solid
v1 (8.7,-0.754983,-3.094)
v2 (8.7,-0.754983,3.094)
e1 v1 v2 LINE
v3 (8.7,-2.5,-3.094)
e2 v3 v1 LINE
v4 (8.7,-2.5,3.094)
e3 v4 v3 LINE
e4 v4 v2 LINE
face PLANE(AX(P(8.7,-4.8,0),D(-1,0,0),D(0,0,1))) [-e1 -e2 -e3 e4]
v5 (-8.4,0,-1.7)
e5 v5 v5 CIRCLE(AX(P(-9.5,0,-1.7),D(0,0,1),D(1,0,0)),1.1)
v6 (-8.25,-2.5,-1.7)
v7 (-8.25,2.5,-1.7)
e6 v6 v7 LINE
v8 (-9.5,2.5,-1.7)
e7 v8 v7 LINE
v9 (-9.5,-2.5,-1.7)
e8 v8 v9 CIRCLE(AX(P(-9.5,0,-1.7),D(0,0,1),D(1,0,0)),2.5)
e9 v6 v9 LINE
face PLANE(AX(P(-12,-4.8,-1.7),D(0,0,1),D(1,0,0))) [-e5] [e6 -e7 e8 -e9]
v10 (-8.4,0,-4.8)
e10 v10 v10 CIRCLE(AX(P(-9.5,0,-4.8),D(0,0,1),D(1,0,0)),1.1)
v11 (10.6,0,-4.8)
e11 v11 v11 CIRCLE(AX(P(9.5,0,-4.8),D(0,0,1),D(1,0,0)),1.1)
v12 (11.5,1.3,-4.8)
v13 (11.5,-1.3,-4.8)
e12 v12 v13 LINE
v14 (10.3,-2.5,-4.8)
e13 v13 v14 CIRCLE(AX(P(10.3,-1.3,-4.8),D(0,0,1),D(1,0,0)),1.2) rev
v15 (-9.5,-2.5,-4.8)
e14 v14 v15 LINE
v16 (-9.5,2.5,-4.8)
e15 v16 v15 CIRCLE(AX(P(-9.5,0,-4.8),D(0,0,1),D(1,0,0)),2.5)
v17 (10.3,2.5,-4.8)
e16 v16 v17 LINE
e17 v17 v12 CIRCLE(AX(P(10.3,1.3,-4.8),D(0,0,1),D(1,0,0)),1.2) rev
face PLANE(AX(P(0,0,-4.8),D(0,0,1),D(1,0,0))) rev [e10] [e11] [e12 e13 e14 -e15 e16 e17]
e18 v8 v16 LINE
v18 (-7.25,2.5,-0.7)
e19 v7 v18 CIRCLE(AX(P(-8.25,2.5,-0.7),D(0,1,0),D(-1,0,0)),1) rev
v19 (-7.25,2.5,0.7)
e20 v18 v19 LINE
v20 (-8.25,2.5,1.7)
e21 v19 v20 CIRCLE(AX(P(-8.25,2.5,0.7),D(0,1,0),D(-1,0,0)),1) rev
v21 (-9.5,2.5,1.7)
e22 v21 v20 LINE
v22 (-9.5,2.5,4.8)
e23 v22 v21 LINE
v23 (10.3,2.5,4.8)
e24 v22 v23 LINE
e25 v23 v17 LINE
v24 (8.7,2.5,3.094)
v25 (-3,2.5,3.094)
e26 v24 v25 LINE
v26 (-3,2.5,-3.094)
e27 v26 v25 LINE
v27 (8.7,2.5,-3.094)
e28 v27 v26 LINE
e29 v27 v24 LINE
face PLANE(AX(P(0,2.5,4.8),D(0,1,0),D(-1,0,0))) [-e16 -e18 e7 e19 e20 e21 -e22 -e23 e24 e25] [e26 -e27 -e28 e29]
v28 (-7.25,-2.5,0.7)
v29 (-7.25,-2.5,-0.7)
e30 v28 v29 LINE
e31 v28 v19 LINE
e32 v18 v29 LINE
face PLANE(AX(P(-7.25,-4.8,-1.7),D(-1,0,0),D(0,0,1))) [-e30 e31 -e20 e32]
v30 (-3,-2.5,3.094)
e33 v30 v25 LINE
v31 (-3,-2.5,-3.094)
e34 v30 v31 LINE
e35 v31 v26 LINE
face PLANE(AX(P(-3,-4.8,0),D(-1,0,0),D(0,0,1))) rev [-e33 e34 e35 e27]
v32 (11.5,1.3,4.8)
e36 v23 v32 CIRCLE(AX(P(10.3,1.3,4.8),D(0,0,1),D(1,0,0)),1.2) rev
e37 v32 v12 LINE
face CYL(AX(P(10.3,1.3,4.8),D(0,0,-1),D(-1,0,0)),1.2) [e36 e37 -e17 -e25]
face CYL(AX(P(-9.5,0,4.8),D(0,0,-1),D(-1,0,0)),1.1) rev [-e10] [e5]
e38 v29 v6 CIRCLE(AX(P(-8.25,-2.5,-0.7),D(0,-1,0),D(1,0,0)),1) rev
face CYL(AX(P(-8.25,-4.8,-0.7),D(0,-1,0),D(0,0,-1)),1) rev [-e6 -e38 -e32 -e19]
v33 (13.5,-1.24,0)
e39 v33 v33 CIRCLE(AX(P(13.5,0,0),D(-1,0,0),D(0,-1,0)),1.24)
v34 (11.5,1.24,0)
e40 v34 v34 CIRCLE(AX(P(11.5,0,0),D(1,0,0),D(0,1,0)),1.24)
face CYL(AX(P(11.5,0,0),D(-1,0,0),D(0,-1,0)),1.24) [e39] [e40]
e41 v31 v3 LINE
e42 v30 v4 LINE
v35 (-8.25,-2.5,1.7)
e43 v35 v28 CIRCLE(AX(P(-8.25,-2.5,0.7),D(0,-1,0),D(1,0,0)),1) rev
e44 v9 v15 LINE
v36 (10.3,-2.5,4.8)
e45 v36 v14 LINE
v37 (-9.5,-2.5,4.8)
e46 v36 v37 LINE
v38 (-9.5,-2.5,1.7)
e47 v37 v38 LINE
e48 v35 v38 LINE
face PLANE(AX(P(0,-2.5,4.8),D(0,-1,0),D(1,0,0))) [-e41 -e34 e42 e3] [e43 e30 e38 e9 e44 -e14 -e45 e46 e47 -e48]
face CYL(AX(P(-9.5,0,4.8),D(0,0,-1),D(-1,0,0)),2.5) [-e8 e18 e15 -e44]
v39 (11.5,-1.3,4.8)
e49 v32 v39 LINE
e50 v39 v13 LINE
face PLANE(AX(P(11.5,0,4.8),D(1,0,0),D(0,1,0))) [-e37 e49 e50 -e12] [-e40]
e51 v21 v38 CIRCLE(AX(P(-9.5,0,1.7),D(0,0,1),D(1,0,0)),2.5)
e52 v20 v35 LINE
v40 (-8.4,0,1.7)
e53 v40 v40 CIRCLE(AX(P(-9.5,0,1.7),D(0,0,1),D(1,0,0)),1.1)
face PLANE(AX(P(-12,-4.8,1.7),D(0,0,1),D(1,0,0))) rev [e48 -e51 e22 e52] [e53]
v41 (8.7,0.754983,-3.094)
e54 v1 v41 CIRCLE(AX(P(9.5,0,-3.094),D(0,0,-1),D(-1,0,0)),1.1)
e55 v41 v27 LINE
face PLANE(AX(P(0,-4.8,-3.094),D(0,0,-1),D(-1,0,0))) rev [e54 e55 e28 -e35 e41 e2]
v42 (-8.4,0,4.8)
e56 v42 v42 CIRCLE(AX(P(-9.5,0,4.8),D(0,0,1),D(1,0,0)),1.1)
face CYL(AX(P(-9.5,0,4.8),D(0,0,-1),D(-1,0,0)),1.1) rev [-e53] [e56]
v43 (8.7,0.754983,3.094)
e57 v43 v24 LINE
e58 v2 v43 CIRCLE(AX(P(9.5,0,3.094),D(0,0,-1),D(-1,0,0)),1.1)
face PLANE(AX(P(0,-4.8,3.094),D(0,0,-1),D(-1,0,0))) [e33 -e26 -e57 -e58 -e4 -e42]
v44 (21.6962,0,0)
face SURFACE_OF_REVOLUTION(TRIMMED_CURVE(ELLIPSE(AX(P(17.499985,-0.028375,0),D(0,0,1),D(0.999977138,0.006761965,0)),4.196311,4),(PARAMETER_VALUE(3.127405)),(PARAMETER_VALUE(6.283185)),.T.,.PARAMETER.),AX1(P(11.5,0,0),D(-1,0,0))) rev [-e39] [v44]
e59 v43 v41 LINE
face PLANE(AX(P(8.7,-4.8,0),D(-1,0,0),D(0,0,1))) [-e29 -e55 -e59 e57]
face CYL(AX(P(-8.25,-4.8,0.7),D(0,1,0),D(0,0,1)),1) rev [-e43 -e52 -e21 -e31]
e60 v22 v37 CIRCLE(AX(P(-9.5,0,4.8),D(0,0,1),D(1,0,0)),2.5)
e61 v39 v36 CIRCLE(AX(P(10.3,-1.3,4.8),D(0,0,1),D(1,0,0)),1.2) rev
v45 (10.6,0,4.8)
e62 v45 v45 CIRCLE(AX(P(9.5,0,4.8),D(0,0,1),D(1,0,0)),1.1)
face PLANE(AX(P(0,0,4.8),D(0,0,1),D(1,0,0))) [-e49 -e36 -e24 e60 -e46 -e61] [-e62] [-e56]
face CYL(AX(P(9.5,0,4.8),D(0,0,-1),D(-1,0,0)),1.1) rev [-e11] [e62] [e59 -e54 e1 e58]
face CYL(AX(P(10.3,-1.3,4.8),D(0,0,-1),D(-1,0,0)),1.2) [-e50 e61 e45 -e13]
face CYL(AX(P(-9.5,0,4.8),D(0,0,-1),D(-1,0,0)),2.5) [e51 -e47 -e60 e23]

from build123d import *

# Parameters (mm, degrees)
SKETCH1_R           = 1.1
BOSS_EXTRUDE1_DEPTH = 4.8
SKETCH2_W           = 11.7
SKETCH2_H           = 6.188
SKETCH2_W_2         = 4.75
SKETCH2_H_2         = 3.4
CUT_EXTRUDE1_DEPTH  = 4.8
FILLET1_R           = 1


with BuildPart() as part:
    # Sketch1 → Boss-Extrude1 (new, symmetric)
    with BuildSketch(Plane.XY):
        with BuildLine():
            Line((-9.5, -2.5), (9.5, -2.5))
            Line((9.5, -2.5), (10.3, -2.5))
            ThreePointArc((10.3, -2.5), (11.148528137, -2.148528137), (11.5, -1.3))
            Line((11.5, -1.3), (11.5, -0.801473335))
            Line((11.5, -0.801473335), (11.5, 1.3))
            ThreePointArc((11.5, 1.3), (11.148528137, 2.148528137), (10.3, 2.5))
            Line((10.3, 2.5), (9.5, 2.5))
            Line((9.5, 2.5), (-9.5, 2.5))
            ThreePointArc((-9.5, 2.5), (-12, 0), (-9.5, -2.5))
        make_face()
        with Locations((-9.5, 0)):
            Circle(SKETCH1_R, mode=Mode.SUBTRACT)
        with Locations((9.5, 0)):
            Circle(SKETCH1_R, mode=Mode.SUBTRACT)
    extrude(amount=BOSS_EXTRUDE1_DEPTH, both=True)

    # Sketch2 → Cut-Extrude1 (cut, symmetric)
    with BuildSketch(Plane(origin=(0, 0, 0), x_dir=(1, 0, 0), z_dir=(0, 1, 0))):
        with Locations((2.85, 0)):
            Rectangle(SKETCH2_W, SKETCH2_H)
        with Locations((-9.625, 0)):
            Rectangle(SKETCH2_W_2, SKETCH2_H_2)
    extrude(amount=CUT_EXTRUDE1_DEPTH, both=True, mode=Mode.SUBTRACT)

    # Sketch6 → Revolve5 (revolve)
    with BuildSketch(Plane.XY):
        with BuildLine():
            Line((11.5, -1.24), (13.5, -1.24))
            add(Edge.make_bspline(
                [(13.5, -1.24), (14.590825895, -4.518170639), (18.155142557, -3.978926497), (21.719459219, -3.439682355), (21.696199677, 0)],
                knots=[3.442238671, 3.442238671, 3.442238671, 4.862711989, 4.862711989, 6.283185307, 6.283185307, 6.283185307], degree=2, weights=[1, 0.758207592, 1, 0.758207592, 1]))
            Line((21.696199677, 0), (11.5, 0))
            Line((11.5, 0), (11.5, -1.24))
        make_face()
    revolve(axis=Axis((11.5, 0, 0), (1, 0, 0)))

    # Fillet1
    fillet1_edges = [part.edges().sort_by_distance(p)[0] for p in [
        (-7.25, 0, 1.7),
        (-7.25, 0, -1.7),
    ]]
    fillet(fillet1_edges, radius=FILLET1_R)


solid = part.part
